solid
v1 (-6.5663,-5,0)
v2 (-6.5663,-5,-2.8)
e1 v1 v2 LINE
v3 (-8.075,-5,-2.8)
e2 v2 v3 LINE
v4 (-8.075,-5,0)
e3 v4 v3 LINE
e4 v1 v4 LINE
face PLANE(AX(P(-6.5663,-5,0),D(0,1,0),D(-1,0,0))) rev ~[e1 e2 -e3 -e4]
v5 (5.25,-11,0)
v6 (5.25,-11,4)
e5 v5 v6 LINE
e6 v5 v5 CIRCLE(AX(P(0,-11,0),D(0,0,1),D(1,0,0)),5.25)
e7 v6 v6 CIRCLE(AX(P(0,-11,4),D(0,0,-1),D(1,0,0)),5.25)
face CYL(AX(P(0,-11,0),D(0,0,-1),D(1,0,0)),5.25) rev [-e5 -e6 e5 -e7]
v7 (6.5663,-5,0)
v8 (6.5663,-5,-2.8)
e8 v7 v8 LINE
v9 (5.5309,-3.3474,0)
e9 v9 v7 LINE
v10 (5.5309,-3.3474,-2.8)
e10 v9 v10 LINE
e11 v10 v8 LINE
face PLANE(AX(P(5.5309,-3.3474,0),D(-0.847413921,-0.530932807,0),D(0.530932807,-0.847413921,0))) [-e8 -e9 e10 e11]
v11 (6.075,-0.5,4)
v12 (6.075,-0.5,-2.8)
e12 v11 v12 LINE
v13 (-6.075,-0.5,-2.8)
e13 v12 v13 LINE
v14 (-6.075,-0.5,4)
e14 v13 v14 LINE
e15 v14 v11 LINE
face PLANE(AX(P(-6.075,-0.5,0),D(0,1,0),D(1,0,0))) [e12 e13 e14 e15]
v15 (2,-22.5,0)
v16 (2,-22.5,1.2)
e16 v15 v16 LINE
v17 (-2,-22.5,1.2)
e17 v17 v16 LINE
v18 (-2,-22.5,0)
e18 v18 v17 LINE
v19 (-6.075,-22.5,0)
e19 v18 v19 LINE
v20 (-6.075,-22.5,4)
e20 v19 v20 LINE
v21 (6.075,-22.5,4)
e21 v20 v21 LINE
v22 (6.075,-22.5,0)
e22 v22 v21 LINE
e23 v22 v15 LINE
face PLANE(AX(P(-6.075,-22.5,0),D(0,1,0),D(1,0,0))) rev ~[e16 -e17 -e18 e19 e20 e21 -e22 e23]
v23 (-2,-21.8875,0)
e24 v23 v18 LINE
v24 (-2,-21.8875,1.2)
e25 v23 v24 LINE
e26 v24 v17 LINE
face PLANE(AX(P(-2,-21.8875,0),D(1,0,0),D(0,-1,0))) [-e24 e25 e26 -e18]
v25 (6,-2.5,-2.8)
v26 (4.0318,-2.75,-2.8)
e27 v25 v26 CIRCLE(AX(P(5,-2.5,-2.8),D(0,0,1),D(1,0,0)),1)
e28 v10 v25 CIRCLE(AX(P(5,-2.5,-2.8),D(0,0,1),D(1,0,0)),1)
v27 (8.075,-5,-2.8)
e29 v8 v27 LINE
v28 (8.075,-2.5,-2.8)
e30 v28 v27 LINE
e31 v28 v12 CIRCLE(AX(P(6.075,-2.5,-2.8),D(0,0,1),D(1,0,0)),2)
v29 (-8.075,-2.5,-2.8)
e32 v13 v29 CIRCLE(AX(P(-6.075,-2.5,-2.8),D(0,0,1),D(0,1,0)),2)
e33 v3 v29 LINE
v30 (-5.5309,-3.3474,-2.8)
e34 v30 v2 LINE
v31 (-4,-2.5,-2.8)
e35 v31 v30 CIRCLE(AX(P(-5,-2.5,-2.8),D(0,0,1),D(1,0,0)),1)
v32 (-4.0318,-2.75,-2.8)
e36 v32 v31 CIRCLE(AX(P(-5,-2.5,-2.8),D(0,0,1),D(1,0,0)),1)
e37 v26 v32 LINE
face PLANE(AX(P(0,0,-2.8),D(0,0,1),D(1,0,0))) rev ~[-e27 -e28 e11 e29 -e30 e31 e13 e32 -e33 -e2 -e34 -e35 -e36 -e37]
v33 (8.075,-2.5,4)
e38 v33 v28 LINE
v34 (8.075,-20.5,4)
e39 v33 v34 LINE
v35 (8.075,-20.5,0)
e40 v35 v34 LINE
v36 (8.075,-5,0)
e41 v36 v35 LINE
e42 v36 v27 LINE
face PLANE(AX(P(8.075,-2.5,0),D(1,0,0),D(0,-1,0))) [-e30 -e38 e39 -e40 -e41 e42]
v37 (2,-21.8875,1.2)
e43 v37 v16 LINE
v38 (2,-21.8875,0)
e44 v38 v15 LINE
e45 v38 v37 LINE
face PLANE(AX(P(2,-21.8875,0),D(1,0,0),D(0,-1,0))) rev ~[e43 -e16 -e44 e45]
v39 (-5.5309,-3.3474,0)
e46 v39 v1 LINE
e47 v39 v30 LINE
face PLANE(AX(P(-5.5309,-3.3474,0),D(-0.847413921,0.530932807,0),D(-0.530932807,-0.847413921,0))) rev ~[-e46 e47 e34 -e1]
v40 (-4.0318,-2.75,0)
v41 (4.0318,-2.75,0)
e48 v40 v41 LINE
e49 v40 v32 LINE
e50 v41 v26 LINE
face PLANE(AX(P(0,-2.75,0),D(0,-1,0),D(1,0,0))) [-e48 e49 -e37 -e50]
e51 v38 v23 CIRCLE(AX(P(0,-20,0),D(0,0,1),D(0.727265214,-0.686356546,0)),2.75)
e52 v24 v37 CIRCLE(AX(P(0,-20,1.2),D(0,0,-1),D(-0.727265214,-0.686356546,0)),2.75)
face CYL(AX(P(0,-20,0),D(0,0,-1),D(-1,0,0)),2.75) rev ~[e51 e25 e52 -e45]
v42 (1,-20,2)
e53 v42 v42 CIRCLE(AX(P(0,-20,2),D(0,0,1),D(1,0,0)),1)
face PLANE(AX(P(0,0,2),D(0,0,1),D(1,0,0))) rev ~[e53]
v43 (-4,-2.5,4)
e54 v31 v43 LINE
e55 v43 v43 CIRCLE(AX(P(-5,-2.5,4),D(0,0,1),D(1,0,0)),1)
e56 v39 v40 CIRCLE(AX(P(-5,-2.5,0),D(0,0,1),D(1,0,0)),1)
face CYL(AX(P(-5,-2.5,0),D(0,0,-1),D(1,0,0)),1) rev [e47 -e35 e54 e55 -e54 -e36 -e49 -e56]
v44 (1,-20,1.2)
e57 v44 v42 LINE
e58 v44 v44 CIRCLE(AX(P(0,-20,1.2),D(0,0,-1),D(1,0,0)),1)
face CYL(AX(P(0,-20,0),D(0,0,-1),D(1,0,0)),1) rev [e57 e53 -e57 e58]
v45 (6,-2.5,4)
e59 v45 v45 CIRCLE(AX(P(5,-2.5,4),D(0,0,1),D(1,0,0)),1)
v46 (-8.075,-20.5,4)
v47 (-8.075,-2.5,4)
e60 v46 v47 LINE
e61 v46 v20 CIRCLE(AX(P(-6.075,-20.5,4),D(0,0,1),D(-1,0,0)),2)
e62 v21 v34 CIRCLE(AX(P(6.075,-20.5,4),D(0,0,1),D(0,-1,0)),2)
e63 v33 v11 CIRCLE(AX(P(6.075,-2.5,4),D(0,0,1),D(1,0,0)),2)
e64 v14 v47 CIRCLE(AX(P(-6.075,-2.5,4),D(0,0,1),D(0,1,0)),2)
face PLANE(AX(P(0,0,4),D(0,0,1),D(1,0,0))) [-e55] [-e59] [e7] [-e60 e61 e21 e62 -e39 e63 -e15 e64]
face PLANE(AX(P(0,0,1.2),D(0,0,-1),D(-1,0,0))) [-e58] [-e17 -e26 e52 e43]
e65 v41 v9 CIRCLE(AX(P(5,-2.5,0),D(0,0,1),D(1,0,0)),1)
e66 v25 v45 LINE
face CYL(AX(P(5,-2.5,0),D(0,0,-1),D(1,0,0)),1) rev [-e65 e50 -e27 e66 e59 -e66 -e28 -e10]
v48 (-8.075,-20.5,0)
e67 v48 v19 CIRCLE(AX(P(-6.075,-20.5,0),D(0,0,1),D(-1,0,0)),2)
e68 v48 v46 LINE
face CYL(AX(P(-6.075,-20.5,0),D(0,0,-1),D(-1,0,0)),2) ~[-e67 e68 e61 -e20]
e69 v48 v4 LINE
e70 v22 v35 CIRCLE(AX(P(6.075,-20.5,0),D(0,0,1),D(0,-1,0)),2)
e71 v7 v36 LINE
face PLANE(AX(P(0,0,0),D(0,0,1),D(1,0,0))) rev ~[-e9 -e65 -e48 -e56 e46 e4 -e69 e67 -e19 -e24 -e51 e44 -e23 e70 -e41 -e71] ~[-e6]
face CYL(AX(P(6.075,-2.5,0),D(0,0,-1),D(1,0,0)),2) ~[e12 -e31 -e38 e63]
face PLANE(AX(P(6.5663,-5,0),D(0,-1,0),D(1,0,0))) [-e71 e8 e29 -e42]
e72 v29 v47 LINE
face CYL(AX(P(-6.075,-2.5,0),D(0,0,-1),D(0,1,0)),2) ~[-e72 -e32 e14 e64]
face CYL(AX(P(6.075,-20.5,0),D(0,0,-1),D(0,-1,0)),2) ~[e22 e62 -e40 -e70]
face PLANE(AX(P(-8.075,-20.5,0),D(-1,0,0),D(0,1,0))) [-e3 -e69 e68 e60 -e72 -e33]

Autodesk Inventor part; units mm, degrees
ref_plane "YZ Plane" through (0, 0, 0) normal (1, 0, 0) x (0, 1, 0)
ref_plane "XZ Plane" through (0, 0, 0) normal (0, 1, 0) x (-1, 0, 0)
sketch "sk_main" plane through (0, 0, 0) normal (0, 0, 1) x (1, 0, 0)
  arc A0 (-6.075, -0.5) -> (-8.075, -2.5) centre (-6.075, -2.5) ccw projected
  line L0 (-8.075, -20.5) -> (-8.075, -2.5) projected
  arc A1 (-8.075, -20.5) -> (-6.075, -22.5) centre (-6.075, -20.5) ccw projected
  line L1 (-6.075, -22.5) -> (6.075, -22.5) projected
  arc A2 (6.075, -22.5) -> (8.075, -20.5) centre (6.075, -20.5) ccw projected
  line L2 (8.075, -2.5) -> (8.075, -20.5) projected
  arc A3 (8.075, -2.5) -> (6.075, -0.5) centre (6.075, -2.5) ccw projected
  line L3 (-6.075, -0.5) -> (6.075, -0.5) projected
  circle A4 centre (-5, -2.5) radius 1 projected
  circle A5 centre (0, -20) radius 1 projected
  circle A6 centre (-5.075, -11) radius 1 projected
  circle A7 centre (5.075, -11) radius 1 projected
  circle A8 centre (5, -2.5) radius 1 projected
  circle A9 centre (0, -11) radius 3.4 projected
  circle A10 centre (0, -20) radius 2.75
  line L4 (-2, -21.8875) -> (-2, -22.5)
  line L5 (2, -21.8875) -> (2, -22.5)
  line L6 (0, 4.5828) -> (0, -27.4971) projected
  circle A11 centre (0, -11) radius 5.25
  arc A12 (-5.1545, -10.0032) -> (-5.1545, -11.9968) centre (-5.075, -11) ccw
  arc A13 (5.1545, -11.9968) -> (5.1545, -10.0032) centre (5.075, -11) ccw
  point P0 (0, 0)
  dimension "d1" = 5.5
  dimension "d2" = 4
  dimension "d3" = 10.5
extrude "ext_main" add sketch "sk_main" along normal blind 4 contours L3 L6 A11 A6 A10 L4 L1 A1 L0 A0 | L3 A3 L2 A2 L1 L5 A10 L6 A11 A7 | A7 A11 | A11 A6 | L4 A10 L1 | A10 L6 A5 L1 | L6 A5 A10 L1 | L1 A10 L5 picked at (5.5112, -11.1934) picked at (-5.5179, -11)
sketch "Sketch2" plane through (0, 0, 0) normal (0, 0, 1) x (1, 0, 0)
  line L0 (-6.075, -0.5) -> (6.075, -0.5) projected
  arc A0 (-6.075, -0.5) -> (-8.075, -2.5) centre (-6.075, -2.5) ccw projected
  line L1 (-8.075, -20.5) -> (-8.075, -2.5) projected
  arc A1 (8.075, -2.5) -> (6.075, -0.5) centre (6.075, -2.5) ccw projected
  line L2 (8.075, -2.5) -> (8.075, -20.5) projected
  circle A2 centre (5, -2.5) radius 1 projected
  circle A3 centre (-5, -2.5) radius 1 projected
  circle A4 centre (0, -11) radius 3.4 projected
  circle A5 centre (0, -11) radius 8.25
  line L3 (-4.0318, -2.75) -> (4.0318, -2.75)
  line L4 (-5.5309, -3.3474) -> (-8.075, -7.408)
  circle A6 centre (0, -11) radius 8.75 construction
  line L5 (5.5309, -3.3474) -> (8.075, -7.408)
  line L6 (0, 4.1) -> (0, -24.6) projected
  arc A7 (-4.0318, -2.75) -> (-5.5309, -3.3474) centre (-5, -2.5) ccw
  arc A8 (5.5309, -3.3474) -> (4.0318, -2.75) centre (5, -2.5) ccw
  line L7 (6.5663, -5) -> (8.075, -5)
  line L8 (-6.5663, -5) -> (-8.075, -5)
  point P0 (0, 0)
  dimension "d6" = 16.5
  dimension "d7" = 0.5
  dimension "d8" = 4.5
ref_plane "Work Plane1" through (-8.075, -22.5, -2.8) normal (0, 0, 1) x (1, 0, 0)
extrude "ext_base" add sketch "Sketch2" against normal up to surface (2.8 mm away) contours L0 L6 L3 A3 L4 L8 L1 A0 | L0 A1 L2 L7 L5 A2 L3 L6
sketch "Sketch4" plane through (0, 0, 0) normal (0, 0, -1) x (-1, 0, 0)
  line L0 (6.075, -22.5) -> (-6.075, -22.5) projected
  circle A0 centre (0, -20) radius 1 projected
  circle A1 centre (0, -20) radius 2.75
  line L1 (0, -27.4971) -> (0, 4.5828) projected
  line L2 (-2, -21.8875) -> (-2, -22.5)
  line L3 (2, -21.8875) -> (2, -22.5)
  point P0 (0, 0)
  dimension "d13" = 5.5
  dimension "d14" = 4
extrude "ext_cut_gearhousing" cut sketch "Sketch4" against normal blind 1.2 contours L0 A1 L3 | L0 L1 A0 A1 | L0 A1 L1 A0 | L0 L2 A1
sketch "Sketch3" plane through (0, 0, 4) normal (0, 0, 1) x (1, 0, 0)
  circle A0 centre (0, -20) radius 1 projected
  point P0 (0, 0)
extrude "ext_dowelfill" add sketch "Sketch3" against normal blind 2
properties part number "linact_palm_front"
